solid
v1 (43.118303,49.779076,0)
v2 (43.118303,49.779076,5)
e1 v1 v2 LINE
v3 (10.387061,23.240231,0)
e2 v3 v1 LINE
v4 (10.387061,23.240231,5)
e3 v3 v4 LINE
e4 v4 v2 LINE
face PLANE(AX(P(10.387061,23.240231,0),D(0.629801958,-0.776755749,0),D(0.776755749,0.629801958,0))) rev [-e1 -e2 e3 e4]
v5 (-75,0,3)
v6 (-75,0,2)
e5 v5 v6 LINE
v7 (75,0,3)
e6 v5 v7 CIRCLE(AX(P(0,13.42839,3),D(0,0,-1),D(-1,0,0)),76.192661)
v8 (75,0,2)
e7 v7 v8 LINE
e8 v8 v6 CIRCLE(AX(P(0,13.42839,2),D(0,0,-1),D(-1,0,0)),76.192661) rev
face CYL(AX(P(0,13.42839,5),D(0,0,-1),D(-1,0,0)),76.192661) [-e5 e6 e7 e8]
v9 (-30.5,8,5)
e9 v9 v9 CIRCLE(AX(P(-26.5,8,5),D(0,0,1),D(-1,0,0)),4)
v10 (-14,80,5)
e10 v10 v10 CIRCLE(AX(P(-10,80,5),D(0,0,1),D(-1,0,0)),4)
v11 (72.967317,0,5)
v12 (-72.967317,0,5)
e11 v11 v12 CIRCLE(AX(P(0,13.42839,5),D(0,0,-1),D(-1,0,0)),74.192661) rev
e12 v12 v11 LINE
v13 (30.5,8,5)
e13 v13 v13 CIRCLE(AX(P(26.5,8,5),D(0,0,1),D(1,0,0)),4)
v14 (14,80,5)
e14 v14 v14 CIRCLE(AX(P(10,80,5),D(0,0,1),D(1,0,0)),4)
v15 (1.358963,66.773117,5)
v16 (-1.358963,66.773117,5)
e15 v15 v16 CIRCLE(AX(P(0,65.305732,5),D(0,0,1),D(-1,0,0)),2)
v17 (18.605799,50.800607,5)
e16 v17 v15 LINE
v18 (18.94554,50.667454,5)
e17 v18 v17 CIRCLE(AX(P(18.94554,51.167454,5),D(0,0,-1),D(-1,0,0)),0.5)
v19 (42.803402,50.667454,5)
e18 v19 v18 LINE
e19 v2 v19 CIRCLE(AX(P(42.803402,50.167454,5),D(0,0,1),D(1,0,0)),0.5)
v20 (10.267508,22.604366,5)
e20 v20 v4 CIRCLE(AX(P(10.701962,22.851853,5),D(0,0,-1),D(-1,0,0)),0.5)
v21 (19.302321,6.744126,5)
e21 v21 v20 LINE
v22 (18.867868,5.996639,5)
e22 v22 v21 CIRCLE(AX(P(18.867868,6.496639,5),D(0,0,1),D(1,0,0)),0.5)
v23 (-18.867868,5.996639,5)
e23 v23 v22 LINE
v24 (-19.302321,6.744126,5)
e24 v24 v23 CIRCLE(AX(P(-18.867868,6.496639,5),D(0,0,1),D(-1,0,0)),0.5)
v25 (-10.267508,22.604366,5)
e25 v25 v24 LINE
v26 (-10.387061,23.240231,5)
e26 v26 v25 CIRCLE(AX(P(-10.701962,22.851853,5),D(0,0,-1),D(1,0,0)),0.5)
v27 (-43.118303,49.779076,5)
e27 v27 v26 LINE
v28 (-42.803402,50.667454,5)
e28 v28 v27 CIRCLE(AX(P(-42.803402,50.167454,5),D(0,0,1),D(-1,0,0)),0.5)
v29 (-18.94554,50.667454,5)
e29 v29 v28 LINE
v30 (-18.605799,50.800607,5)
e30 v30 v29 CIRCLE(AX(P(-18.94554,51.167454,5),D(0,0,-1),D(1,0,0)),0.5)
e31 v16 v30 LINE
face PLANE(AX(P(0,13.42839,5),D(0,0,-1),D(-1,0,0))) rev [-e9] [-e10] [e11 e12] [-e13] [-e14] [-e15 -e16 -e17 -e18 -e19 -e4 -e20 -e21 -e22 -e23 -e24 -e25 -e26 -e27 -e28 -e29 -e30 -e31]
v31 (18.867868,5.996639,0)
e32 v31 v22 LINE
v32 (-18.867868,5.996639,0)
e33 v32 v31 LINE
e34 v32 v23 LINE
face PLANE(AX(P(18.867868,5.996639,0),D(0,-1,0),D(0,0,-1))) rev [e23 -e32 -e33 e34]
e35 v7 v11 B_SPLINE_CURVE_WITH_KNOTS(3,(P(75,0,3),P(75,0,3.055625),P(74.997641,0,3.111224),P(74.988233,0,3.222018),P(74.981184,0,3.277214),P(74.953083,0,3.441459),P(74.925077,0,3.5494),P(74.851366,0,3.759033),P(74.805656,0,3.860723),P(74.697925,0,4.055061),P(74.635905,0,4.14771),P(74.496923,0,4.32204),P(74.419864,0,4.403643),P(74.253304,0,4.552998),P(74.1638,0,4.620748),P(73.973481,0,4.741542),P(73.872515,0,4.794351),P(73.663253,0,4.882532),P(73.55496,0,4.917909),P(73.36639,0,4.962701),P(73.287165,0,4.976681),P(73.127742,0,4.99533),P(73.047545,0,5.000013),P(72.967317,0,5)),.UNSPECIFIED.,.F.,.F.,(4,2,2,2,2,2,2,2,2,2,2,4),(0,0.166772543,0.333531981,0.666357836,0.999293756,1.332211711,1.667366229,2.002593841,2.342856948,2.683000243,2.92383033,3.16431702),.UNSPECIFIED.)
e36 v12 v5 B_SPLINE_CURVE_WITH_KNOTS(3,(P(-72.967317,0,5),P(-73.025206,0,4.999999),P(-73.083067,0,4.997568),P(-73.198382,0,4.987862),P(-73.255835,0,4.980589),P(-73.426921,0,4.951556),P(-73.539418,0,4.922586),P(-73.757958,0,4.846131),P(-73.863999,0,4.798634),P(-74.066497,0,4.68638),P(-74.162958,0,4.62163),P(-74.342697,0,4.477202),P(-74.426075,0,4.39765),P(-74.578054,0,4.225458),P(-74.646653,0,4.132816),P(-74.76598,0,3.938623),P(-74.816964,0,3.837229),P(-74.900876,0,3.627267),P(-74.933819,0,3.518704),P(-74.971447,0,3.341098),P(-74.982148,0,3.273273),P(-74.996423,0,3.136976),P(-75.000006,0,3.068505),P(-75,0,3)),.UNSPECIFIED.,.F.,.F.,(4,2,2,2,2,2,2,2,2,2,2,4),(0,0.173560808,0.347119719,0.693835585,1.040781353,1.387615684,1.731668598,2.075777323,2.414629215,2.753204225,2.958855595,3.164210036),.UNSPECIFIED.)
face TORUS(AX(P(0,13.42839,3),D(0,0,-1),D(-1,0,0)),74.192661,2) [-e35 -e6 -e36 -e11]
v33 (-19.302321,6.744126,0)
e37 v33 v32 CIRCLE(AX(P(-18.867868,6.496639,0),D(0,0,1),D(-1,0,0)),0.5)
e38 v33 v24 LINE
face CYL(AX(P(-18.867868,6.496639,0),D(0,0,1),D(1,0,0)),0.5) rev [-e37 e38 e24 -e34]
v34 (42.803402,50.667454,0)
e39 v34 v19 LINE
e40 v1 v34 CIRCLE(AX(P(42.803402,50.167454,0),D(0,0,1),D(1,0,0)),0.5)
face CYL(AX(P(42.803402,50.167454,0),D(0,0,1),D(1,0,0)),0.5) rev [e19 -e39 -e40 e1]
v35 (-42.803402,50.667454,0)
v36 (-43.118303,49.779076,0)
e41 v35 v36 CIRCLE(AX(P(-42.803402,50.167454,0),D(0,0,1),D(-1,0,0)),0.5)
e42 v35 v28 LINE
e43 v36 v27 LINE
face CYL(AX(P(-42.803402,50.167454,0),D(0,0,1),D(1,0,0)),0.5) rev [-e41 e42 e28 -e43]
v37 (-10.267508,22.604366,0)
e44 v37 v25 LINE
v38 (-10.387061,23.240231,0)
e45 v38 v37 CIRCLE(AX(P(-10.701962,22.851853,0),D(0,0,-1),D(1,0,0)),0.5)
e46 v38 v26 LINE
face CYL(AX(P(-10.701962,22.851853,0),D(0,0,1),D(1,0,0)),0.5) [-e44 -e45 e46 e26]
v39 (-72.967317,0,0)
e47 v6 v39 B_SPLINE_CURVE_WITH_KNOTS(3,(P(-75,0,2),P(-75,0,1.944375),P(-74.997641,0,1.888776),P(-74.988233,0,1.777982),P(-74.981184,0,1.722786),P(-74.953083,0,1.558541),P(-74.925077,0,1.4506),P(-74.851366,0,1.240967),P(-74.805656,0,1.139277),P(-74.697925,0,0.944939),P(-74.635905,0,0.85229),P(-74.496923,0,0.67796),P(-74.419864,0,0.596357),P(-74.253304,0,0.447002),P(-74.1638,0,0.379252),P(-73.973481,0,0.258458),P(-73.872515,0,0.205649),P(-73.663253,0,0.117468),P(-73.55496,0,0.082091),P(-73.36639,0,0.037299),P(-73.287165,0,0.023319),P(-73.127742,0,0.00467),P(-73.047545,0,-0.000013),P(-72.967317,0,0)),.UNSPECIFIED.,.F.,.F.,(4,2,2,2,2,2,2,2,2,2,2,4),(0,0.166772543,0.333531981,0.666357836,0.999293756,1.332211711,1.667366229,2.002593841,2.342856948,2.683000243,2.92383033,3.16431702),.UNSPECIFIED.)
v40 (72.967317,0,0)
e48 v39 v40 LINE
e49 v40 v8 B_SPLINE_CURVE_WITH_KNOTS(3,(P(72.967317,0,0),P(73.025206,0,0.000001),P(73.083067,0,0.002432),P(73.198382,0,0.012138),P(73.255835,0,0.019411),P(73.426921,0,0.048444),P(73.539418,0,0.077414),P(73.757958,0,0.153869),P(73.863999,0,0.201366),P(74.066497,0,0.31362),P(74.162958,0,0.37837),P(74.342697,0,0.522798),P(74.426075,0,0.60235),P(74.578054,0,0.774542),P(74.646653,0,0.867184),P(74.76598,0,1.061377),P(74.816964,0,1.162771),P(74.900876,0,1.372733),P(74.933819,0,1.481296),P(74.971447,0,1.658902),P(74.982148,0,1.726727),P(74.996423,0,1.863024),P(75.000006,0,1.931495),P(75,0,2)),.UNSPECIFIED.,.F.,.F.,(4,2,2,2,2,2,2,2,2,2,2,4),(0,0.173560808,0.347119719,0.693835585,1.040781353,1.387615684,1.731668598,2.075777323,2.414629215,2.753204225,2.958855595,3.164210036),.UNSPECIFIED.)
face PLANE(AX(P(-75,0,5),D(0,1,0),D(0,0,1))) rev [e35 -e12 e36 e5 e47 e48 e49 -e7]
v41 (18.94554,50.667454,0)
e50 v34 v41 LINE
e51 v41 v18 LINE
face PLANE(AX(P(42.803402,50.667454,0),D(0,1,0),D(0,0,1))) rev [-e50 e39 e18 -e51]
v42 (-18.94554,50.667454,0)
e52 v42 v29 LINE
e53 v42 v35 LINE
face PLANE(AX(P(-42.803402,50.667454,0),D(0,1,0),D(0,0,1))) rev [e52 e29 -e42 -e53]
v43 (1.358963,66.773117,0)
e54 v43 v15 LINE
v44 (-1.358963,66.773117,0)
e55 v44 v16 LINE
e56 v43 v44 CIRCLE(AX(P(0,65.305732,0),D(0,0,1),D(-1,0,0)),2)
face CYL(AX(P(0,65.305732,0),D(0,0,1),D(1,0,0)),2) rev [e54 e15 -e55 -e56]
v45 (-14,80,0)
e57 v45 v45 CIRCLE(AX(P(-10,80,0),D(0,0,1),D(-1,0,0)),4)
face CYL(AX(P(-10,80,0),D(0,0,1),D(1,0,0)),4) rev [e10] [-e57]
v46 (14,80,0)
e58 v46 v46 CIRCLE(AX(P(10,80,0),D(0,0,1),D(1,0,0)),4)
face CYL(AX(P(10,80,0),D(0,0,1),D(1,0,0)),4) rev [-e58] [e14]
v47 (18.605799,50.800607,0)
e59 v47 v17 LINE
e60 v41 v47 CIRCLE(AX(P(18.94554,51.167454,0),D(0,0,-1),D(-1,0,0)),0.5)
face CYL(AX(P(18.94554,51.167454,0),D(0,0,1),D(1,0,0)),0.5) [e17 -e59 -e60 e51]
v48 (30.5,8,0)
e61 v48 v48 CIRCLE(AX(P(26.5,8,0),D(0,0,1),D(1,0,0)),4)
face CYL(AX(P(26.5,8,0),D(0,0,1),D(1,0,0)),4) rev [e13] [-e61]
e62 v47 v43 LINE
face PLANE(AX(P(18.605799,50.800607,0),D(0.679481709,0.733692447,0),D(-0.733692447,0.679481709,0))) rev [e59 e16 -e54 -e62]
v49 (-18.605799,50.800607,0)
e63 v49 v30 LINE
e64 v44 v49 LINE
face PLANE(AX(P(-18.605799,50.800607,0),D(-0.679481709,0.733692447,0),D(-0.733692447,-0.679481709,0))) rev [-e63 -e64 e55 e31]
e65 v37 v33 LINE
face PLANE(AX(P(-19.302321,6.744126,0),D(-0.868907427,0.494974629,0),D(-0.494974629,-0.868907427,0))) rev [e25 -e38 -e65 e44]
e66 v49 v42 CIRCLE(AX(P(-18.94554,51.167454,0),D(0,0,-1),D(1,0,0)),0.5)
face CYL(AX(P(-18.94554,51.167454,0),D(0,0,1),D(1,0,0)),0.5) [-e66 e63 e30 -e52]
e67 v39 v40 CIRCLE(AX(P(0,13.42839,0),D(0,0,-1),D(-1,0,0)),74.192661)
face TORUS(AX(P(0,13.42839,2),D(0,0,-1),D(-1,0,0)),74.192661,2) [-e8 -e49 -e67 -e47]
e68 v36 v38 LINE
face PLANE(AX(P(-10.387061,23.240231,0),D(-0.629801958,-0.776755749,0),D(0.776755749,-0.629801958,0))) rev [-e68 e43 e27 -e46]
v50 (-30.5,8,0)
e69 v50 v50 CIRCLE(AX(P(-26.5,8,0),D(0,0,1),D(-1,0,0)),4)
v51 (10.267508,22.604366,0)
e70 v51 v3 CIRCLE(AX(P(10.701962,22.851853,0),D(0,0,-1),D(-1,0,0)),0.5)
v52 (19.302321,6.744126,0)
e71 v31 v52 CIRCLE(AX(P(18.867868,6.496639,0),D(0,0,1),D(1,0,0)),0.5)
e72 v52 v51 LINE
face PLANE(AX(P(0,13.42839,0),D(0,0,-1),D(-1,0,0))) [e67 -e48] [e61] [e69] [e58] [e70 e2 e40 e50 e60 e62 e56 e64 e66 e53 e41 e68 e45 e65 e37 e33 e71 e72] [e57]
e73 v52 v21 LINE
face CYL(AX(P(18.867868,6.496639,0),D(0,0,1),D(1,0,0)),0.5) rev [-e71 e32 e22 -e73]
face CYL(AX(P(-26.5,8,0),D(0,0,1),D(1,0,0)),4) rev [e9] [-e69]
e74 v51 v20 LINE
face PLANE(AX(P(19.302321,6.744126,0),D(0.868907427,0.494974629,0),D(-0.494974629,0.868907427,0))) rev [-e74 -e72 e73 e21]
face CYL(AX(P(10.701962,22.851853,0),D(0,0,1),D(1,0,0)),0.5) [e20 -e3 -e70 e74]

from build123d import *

# Parameters (mm, degrees)
BOSS_EXTRUDE1_DEPTH = 5
SKETCH2_R           = 4
CUT_EXTRUDE1_DEPTH  = 5
CUT_EXTRUDE2_DEPTH  = 5
FILLET1_R           = 2


with BuildPart() as part:
    # Sketch1 → Boss-Extrude1 (new body)
    with BuildSketch(Plane.XY):
        with BuildLine():
            Line((-75, 0), (75, 0))
            ThreePointArc((75, 0), (0, 89.621051558), (-75, 0))
        make_face()
    extrude(amount=BOSS_EXTRUDE1_DEPTH)

    # Sketch2 → Cut-Extrude1 (cut)
    with BuildSketch(Plane.XY.offset(5)):
        with Locations((26.5, 8)):
            Circle(SKETCH2_R)
        with Locations((10, 80)):
            Circle(SKETCH2_R)
        with Locations((-10, 80)):
            Circle(SKETCH2_R)
        with Locations((-26.5, 8)):
            Circle(SKETCH2_R)
    extrude(amount=-CUT_EXTRUDE1_DEPTH, mode=Mode.SUBTRACT)

    # Sketch3 → Cut-Extrude2 (cut)
    with BuildSketch(Plane.XY.offset(5)):
        with BuildLine():
            Line((18.867867545, 5.996639034), (-18.867867545, 5.996639034))
            ThreePointArc((-18.867867545, 5.996639034), (-19.300154289, 6.245385832), (-19.302321259, 6.744126348))
            Line((-19.302321259, 6.744126348), (-10.267508213, 22.604365842))
            ThreePointArc((-10.267508213, 22.604365842), (-10.210571808, 22.944242288), (-10.387060948, 23.240231031))
            Line((-10.387060948, 23.240231031), (-43.118302779, 49.77907576))
            ThreePointArc((-43.118302779, 49.77907576), (-43.274670798, 50.334503122), (-42.8034018, 50.667453634))
            Line((-42.8034018, 50.667453634), (-18.945540234, 50.667453634))
            ThreePointArc((-18.945540234, 50.667453634), (-18.763089024, 50.70193075), (-18.605799379, 50.80060741))
            Line((-18.605799379, 50.80060741), (-1.358963418, 66.773116887))
            ThreePointArc((-1.358963418, 66.773116887), (0, 67.305731992), (1.358963418, 66.773116887))
            Line((1.358963418, 66.773116887), (18.605799379, 50.80060741))
            ThreePointArc((18.605799379, 50.80060741), (18.763089024, 50.70193075), (18.945540234, 50.667453634))
            Line((18.945540234, 50.667453634), (42.8034018, 50.667453634))
            ThreePointArc((42.8034018, 50.667453634), (43.274670798, 50.334503122), (43.118302779, 49.77907576))
            Line((43.118302779, 49.77907576), (10.387060948, 23.240231031))
            ThreePointArc((10.387060948, 23.240231031), (10.210571808, 22.944242288), (10.267508213, 22.604365842))
            Line((10.267508213, 22.604365842), (19.302321259, 6.744126348))
            ThreePointArc((19.302321259, 6.744126348), (19.300154289, 6.245385832), (18.867867545, 5.996639034))
        make_face()
    extrude(amount=-CUT_EXTRUDE2_DEPTH, mode=Mode.SUBTRACT)

    # Fillet1
    fillet1_edges = [part.edges().sort_by_distance(p)[0] for p in [
        (0, 89.621051558, 0),
        (0, 89.621051558, 5),
    ]]
    fillet(fillet1_edges, radius=FILLET1_R)


solid = part.part
